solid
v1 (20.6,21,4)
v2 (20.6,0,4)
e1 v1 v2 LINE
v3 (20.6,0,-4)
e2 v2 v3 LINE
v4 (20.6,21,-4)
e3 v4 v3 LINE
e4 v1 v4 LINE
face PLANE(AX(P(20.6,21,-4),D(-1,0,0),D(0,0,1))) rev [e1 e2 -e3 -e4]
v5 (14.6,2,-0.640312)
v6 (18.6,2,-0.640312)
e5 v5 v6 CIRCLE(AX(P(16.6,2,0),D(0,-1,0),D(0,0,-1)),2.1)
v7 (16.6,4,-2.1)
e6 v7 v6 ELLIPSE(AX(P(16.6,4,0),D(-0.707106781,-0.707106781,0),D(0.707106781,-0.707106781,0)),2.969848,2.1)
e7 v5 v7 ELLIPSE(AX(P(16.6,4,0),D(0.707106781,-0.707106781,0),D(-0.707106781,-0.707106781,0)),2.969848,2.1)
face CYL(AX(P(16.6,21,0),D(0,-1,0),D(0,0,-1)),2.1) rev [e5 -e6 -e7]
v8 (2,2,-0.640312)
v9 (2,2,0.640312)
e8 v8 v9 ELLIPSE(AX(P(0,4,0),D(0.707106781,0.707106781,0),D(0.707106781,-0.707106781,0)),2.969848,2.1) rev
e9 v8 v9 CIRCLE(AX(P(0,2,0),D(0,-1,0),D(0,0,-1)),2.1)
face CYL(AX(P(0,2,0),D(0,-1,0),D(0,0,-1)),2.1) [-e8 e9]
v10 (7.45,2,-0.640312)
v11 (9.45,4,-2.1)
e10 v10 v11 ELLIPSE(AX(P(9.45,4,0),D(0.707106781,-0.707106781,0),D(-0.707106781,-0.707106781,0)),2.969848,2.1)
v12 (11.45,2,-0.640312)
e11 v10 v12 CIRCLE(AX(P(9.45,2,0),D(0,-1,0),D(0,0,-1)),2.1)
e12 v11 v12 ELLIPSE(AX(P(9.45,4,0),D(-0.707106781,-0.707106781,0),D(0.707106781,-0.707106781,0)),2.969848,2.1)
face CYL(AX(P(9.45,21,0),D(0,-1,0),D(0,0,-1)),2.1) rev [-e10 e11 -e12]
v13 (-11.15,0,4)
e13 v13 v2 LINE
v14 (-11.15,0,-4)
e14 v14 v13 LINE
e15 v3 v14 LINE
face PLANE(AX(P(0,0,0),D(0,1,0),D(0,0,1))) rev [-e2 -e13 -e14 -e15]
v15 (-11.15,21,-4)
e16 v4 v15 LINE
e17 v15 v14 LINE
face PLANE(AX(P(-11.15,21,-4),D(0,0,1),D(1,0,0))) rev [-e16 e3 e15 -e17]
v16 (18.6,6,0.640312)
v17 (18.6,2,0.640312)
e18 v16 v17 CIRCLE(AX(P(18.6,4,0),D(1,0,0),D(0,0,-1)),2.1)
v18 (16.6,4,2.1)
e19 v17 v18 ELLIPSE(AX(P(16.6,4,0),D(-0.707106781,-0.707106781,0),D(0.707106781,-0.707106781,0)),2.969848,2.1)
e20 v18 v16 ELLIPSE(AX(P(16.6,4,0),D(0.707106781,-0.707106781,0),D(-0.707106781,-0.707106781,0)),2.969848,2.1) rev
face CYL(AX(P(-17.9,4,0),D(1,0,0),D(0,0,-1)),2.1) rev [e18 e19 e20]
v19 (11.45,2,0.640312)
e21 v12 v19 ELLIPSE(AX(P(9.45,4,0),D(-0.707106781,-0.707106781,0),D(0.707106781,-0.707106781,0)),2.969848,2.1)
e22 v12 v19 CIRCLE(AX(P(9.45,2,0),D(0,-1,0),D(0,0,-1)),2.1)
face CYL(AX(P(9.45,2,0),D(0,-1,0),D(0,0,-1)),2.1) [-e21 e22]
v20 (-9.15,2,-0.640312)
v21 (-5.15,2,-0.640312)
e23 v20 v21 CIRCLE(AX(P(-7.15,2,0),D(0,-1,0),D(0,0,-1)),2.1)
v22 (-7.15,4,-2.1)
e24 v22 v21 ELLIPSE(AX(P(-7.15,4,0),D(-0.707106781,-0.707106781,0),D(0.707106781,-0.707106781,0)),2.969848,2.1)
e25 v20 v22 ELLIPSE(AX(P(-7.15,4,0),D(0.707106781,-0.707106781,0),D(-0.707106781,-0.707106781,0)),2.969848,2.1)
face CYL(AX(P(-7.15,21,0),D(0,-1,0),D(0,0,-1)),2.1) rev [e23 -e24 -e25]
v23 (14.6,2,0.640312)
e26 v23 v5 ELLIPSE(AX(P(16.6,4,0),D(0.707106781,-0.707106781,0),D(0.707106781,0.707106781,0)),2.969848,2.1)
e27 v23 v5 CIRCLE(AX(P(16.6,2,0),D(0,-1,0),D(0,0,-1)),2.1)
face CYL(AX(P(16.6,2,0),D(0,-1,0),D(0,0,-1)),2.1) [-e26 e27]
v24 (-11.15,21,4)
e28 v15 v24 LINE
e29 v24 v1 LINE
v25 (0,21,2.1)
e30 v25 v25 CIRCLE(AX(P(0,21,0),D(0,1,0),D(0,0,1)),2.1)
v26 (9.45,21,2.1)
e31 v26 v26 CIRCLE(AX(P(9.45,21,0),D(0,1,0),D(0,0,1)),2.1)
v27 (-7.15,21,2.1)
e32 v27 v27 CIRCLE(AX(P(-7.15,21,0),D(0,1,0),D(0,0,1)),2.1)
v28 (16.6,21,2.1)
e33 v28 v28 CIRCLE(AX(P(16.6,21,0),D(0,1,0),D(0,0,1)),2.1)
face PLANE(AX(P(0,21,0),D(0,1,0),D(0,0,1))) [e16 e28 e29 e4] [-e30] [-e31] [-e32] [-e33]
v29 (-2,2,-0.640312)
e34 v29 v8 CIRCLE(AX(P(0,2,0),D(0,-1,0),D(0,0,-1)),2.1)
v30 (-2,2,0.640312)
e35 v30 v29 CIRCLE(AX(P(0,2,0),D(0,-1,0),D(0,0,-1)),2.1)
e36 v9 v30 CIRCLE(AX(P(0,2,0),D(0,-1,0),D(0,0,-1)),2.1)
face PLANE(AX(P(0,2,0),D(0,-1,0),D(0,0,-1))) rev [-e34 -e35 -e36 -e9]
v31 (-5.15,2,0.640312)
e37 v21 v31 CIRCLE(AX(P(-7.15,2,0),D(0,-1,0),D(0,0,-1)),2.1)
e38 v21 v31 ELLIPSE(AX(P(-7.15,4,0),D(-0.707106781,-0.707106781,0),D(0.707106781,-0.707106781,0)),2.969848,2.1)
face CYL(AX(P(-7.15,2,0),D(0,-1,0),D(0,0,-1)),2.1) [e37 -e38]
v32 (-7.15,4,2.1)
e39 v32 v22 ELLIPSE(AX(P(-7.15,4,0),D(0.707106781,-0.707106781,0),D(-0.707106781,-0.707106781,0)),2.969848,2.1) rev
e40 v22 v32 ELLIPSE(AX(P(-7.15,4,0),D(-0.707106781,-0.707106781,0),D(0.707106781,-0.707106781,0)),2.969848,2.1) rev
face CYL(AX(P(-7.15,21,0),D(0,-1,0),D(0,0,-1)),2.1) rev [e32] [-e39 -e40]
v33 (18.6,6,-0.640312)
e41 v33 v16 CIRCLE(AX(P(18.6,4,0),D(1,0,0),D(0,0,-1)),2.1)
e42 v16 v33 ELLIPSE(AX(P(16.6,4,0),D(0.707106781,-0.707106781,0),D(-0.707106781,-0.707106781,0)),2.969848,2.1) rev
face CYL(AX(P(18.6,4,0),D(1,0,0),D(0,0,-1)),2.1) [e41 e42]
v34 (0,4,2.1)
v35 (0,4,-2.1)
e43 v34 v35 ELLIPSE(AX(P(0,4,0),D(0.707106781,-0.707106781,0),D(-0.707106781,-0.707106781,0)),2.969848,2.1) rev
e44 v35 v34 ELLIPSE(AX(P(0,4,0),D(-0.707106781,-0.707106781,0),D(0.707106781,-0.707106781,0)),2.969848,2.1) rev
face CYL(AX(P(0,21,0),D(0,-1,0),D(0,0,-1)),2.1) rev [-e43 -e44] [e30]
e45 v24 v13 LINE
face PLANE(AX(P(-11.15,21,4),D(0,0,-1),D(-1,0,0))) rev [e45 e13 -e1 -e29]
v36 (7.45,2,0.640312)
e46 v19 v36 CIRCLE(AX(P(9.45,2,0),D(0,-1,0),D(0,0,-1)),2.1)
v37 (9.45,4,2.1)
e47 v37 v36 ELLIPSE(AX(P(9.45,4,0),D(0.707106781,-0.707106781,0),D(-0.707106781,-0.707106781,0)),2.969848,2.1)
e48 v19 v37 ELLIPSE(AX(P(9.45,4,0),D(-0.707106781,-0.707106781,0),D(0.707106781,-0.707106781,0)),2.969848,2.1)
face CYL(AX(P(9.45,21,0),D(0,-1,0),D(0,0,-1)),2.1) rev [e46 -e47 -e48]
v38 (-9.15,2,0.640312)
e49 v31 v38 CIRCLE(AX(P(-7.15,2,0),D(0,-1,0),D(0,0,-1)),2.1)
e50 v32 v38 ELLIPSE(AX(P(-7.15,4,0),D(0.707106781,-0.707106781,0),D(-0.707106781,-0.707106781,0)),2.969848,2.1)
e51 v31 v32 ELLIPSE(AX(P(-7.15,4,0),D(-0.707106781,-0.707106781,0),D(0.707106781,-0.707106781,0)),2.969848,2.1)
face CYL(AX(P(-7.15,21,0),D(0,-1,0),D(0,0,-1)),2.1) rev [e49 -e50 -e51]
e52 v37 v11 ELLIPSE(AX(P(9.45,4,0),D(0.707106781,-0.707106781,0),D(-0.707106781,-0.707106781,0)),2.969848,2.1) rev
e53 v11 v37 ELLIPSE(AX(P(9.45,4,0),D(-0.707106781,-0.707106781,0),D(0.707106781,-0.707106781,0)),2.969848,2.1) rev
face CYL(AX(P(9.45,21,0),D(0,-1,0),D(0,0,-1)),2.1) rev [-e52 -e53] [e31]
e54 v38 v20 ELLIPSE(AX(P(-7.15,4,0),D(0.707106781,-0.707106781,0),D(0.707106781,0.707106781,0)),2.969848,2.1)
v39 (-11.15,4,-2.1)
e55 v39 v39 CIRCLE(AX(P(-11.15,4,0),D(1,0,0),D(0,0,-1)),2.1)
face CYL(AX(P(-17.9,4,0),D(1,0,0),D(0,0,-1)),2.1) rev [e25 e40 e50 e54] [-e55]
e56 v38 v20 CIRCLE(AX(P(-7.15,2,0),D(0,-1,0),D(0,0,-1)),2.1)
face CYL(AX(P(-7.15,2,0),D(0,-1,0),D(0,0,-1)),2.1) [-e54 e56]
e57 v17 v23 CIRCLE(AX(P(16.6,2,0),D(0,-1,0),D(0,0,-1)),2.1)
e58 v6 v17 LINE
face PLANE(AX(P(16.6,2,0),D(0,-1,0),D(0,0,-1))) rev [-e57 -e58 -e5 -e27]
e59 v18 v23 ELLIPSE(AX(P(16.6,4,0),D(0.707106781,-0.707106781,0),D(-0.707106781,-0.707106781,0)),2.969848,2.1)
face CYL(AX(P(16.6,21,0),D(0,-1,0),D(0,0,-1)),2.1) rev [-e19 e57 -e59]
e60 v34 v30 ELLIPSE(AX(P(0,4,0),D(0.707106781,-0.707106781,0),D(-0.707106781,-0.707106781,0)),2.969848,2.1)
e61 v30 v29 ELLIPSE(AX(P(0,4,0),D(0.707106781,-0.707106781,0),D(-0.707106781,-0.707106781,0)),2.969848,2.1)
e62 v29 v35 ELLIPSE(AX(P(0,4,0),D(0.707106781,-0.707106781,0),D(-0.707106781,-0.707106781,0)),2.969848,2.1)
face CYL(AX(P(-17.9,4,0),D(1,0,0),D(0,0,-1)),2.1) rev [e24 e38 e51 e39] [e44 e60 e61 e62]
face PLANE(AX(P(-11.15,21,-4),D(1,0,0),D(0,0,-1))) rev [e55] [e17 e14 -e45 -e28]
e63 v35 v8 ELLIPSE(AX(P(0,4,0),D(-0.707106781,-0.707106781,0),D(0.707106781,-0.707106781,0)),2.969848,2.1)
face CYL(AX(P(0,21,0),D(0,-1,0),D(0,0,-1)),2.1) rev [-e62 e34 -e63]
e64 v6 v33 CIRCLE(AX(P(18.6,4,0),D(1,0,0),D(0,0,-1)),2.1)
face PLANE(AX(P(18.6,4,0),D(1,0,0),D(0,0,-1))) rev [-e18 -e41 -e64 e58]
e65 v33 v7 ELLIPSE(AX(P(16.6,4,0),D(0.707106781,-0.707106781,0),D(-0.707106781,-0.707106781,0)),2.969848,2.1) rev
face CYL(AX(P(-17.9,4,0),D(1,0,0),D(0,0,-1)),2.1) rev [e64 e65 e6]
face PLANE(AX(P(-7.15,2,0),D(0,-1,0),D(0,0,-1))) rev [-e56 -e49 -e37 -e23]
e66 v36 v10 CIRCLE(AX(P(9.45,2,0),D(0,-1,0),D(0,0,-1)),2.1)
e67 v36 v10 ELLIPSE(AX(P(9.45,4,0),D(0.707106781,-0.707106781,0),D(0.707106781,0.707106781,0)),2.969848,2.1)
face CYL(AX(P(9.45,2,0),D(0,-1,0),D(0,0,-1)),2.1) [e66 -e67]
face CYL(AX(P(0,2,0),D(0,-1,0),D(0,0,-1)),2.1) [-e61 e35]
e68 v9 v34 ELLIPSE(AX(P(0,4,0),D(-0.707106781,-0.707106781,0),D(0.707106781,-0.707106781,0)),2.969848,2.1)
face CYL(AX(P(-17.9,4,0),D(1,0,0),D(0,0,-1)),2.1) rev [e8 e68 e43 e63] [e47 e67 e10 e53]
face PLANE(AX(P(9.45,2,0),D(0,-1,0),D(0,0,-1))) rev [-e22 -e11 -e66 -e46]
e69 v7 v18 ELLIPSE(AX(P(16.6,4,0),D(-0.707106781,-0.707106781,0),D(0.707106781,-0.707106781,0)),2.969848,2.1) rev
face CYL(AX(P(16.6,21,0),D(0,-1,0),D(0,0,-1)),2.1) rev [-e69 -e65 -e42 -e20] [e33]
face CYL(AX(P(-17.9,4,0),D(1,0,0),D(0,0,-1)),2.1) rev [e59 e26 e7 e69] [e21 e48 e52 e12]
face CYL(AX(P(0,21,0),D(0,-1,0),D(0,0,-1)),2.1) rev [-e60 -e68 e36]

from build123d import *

# Parameters (mm, degrees)
SKETCH1_W           = 31.75
SKETCH1_H           = 8
SKETCH1_R           = 2.1
BOSS_EXTRUDE1_DEPTH = 21
SKETCH4_R           = 2.1
CUT_EXTRUDE3_DEPTH  = 38.5
SKETCH6_R           = 2.1
BOSS_EXTRUDE3_DEPTH = 2
SKETCH7_R           = 2.1
BOSS_EXTRUDE4_DEPTH = 2


with BuildPart() as part:
    # Sketch1 → Boss-Extrude1 (new body)
    with BuildSketch(Plane(origin=(0, 0, 0), x_dir=(1, 0, 0), z_dir=(0, 1, 0))):
        with Locations((4.725, 0)):
            Rectangle(SKETCH1_W, SKETCH1_H)
        with Locations(Location((0, 0, 0), (0, 0, 90))):
            Circle(SKETCH1_R, mode=Mode.SUBTRACT)
        with Locations(Location((-7.15, 0, 0), (0, 0, 90))):
            Circle(SKETCH1_R, mode=Mode.SUBTRACT)
        with Locations(Location((9.45, 0, 0), (0, 0, 90))):
            Circle(SKETCH1_R, mode=Mode.SUBTRACT)
        with Locations(Location((16.6, 0, 0), (0, 0, 90))):
            Circle(SKETCH1_R, mode=Mode.SUBTRACT)
    extrude(amount=BOSS_EXTRUDE1_DEPTH)

    # Sketch4 → Cut-Extrude3 (cut)
    with BuildSketch(Plane(origin=(20.6, 0, 0), x_dir=(0, 0, -1), z_dir=(1, 0, 0))):
        with Locations((0, 4)):
            Circle(SKETCH4_R)
    extrude(amount=-CUT_EXTRUDE3_DEPTH, mode=Mode.SUBTRACT)

    # Sketch6 → Boss-Extrude3 (add)
    with BuildSketch(Plane.XZ):
        with Locations(Location((-7.15, 0, 0), (0, 0, 90))):
            Circle(SKETCH6_R)
        with Locations(Location((0, 0, 0), (0, 0, 90))):
            Circle(SKETCH6_R)
        with Locations(Location((9.45, 0, 0), (0, 0, 90))):
            Circle(SKETCH6_R)
        with Locations(Location((16.6, 0, 0), (0, 0, 90))):
            Circle(SKETCH6_R)
    extrude(amount=-BOSS_EXTRUDE3_DEPTH)

    # Sketch7 → Boss-Extrude4 (add)
    with BuildSketch(Plane(origin=(20.6, 0, 0), x_dir=(0, 0, -1), z_dir=(1, 0, 0))):
        with Locations((0, 4)):
            Circle(SKETCH7_R)
    extrude(amount=-BOSS_EXTRUDE4_DEPTH)


solid = part.part
